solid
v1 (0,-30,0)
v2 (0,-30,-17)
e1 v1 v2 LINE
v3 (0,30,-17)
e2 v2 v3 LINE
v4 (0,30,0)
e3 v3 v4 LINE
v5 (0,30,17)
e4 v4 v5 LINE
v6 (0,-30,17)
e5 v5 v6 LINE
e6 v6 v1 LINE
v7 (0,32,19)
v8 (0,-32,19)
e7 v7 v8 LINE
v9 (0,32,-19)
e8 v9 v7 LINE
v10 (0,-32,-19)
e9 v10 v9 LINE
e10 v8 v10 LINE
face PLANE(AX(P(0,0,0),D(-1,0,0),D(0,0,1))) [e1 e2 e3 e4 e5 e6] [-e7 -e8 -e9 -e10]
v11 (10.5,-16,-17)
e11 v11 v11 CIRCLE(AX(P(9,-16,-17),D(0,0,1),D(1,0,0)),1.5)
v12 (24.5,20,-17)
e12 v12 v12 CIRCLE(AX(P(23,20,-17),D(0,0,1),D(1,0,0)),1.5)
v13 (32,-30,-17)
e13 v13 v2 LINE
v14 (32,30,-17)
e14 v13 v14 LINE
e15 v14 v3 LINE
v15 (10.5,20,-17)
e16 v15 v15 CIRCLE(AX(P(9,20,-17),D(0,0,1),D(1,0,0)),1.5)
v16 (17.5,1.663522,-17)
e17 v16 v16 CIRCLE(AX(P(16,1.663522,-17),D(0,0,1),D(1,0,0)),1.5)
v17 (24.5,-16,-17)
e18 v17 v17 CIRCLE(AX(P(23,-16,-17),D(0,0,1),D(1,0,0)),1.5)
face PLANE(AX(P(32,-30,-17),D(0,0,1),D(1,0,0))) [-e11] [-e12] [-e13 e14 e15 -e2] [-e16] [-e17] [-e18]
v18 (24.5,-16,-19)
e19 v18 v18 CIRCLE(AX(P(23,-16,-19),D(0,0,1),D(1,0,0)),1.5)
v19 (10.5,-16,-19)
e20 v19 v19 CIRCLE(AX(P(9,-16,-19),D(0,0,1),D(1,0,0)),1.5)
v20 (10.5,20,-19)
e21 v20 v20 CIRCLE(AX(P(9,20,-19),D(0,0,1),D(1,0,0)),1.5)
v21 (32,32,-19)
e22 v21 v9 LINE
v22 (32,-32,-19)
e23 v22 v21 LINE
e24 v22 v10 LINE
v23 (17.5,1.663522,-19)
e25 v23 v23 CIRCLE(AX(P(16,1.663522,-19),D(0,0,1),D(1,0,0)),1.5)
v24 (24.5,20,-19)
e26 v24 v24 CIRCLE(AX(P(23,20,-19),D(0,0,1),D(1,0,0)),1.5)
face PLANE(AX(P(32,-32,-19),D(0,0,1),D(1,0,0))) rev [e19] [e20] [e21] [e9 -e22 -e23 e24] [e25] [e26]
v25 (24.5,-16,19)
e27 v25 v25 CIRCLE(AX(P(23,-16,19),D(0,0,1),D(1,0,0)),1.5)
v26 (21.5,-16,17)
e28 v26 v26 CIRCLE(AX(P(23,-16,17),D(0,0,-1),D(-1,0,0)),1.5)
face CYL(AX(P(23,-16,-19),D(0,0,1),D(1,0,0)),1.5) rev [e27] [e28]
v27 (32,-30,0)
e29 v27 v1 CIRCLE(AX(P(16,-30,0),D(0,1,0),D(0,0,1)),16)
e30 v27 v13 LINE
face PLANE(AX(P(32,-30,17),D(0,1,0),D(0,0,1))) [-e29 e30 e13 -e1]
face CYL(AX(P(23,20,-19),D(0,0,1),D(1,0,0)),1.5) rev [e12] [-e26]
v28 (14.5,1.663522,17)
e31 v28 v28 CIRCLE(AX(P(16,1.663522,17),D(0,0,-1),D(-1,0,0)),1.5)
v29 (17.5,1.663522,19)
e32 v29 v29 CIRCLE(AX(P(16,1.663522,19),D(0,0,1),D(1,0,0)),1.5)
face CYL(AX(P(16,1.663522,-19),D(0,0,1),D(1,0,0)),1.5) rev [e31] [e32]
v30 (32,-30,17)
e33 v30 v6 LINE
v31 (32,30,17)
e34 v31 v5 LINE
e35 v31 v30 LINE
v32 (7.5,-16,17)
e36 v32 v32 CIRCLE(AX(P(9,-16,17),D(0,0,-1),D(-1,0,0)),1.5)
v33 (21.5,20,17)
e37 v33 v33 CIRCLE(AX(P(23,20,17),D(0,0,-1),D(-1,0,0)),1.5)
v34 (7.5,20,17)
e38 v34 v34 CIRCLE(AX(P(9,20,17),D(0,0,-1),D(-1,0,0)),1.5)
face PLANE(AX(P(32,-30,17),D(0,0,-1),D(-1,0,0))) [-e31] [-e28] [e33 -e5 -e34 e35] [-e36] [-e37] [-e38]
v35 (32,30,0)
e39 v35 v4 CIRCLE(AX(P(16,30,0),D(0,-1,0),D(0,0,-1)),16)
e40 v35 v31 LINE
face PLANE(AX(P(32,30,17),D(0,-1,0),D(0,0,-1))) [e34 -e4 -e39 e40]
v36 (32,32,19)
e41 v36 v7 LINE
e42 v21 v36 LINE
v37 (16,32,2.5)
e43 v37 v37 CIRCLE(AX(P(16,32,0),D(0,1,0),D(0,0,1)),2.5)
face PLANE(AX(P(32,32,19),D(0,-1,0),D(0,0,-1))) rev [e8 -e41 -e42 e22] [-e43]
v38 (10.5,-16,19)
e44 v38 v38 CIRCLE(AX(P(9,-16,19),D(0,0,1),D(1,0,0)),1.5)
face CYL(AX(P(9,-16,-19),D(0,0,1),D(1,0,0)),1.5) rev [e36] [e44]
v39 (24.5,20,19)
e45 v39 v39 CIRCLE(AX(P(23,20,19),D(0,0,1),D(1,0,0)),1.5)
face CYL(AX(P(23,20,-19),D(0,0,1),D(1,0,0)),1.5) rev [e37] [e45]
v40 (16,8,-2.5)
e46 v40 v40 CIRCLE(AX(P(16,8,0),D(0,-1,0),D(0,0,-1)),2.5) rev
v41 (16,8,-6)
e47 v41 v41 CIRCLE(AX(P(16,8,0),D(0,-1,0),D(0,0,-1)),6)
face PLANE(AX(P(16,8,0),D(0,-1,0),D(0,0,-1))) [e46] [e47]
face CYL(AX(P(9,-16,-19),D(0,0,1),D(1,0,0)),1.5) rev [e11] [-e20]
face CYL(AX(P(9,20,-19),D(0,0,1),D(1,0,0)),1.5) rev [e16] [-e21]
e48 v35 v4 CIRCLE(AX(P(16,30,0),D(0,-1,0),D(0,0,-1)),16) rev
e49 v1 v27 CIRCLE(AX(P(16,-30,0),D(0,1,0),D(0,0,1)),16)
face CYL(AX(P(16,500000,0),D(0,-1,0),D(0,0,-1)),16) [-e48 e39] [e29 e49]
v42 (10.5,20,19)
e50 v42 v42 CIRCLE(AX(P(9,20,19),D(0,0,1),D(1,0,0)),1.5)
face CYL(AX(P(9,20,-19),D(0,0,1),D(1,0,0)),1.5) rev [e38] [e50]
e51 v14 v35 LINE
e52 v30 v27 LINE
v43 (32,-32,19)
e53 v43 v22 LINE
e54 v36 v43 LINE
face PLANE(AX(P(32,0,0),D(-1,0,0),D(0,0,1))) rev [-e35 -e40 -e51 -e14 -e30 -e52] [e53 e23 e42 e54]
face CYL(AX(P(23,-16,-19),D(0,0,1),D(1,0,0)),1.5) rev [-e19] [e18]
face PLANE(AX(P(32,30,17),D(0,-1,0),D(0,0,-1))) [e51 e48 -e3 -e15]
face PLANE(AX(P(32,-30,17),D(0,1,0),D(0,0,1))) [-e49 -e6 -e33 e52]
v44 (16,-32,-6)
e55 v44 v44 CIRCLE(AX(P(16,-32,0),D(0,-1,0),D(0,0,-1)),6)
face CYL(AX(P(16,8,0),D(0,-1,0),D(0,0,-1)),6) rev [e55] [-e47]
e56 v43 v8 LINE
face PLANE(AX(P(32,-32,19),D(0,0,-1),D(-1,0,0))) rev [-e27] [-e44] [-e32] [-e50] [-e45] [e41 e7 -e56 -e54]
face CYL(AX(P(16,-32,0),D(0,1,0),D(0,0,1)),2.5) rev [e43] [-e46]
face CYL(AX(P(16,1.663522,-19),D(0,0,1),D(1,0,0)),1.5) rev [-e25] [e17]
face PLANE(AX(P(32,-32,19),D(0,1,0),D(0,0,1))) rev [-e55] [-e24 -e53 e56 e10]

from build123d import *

# Parameters (mm, degrees)
SKETCH1_W           = 38
SKETCH1_H           = 64
SKETCH1_W_2         = 34
SKETCH1_H_2         = 60
BOSS_EXTRUDE1_DEPTH = 32
SKETCH2_R           = 1.5
CUT_EXTRUDE1_DEPTH  = 60.093146811
BOSS_EXTRUDE3_REACH = 74.312
SKETCH7_R           = 16
SKETCH8_R           = 2.5
CUT_EXTRUDE2_DEPTH  = 75.033776076
SKETCH9_R           = 6
CUT_EXTRUDE3_DEPTH  = 40


with BuildPart() as part:
    # Sketch1 → Boss-Extrude1 (new body)
    with BuildSketch(Plane(origin=(0, 0, 0), x_dir=(0, 0, -1), z_dir=(1, 0, 0))):
        Rectangle(SKETCH1_W, SKETCH1_H)
        Rectangle(SKETCH1_W_2, SKETCH1_H_2, mode=Mode.SUBTRACT)
    extrude(amount=BOSS_EXTRUDE1_DEPTH)

    # Sketch2 → Cut-Extrude1 (cut, through all)
    with BuildSketch(Plane.XY.offset(19)):
        with Locations((9, 20)):
            Circle(SKETCH2_R)
        with Locations((23, 20)):
            Circle(SKETCH2_R)
        with Locations((16, 1.663521733)):
            Circle(SKETCH2_R)
        with Locations((9, -16)):
            Circle(SKETCH2_R)
        with Locations((23, -16)):
            Circle(SKETCH2_R)
    extrude(amount=-CUT_EXTRUDE1_DEPTH, mode=Mode.SUBTRACT)

    # Sketch7 → Boss-Extrude3 (add, up to next)
    with BuildSketch(Plane(origin=(0, -30, 0), x_dir=(1, 0, 0), z_dir=(0, 1, 0)), mode=Mode.PRIVATE) as boss_extrude3_sk1:
        with Locations(Location((16, 0, 0), (0, 0, 180))):
            Circle(SKETCH7_R)
    boss_extrude3_tool1 = extrude(boss_extrude3_sk1.sketch, amount=BOSS_EXTRUDE3_REACH, mode=Mode.PRIVATE) - part.part
    add(boss_extrude3_tool1.solids().sort_by_distance((16, -30, 0))[0])

    # Sketch8 → Cut-Extrude2 (cut, through all)
    with BuildSketch(Plane(origin=(0, 32, 0), x_dir=(1, 0, 0), z_dir=(0, 1, 0))):
        with Locations(Location((16, 0, 0), (0, 0, 270))):
            Circle(SKETCH8_R)
    extrude(amount=-CUT_EXTRUDE2_DEPTH, mode=Mode.SUBTRACT)

    # Sketch9 → Cut-Extrude3 (cut)
    with BuildSketch(Plane.XZ.offset(32)):
        with Locations(Location((16, 0, 0), (0, 0, 270))):
            Circle(SKETCH9_R)
    extrude(amount=-CUT_EXTRUDE3_DEPTH, mode=Mode.SUBTRACT)


solid = part.part
